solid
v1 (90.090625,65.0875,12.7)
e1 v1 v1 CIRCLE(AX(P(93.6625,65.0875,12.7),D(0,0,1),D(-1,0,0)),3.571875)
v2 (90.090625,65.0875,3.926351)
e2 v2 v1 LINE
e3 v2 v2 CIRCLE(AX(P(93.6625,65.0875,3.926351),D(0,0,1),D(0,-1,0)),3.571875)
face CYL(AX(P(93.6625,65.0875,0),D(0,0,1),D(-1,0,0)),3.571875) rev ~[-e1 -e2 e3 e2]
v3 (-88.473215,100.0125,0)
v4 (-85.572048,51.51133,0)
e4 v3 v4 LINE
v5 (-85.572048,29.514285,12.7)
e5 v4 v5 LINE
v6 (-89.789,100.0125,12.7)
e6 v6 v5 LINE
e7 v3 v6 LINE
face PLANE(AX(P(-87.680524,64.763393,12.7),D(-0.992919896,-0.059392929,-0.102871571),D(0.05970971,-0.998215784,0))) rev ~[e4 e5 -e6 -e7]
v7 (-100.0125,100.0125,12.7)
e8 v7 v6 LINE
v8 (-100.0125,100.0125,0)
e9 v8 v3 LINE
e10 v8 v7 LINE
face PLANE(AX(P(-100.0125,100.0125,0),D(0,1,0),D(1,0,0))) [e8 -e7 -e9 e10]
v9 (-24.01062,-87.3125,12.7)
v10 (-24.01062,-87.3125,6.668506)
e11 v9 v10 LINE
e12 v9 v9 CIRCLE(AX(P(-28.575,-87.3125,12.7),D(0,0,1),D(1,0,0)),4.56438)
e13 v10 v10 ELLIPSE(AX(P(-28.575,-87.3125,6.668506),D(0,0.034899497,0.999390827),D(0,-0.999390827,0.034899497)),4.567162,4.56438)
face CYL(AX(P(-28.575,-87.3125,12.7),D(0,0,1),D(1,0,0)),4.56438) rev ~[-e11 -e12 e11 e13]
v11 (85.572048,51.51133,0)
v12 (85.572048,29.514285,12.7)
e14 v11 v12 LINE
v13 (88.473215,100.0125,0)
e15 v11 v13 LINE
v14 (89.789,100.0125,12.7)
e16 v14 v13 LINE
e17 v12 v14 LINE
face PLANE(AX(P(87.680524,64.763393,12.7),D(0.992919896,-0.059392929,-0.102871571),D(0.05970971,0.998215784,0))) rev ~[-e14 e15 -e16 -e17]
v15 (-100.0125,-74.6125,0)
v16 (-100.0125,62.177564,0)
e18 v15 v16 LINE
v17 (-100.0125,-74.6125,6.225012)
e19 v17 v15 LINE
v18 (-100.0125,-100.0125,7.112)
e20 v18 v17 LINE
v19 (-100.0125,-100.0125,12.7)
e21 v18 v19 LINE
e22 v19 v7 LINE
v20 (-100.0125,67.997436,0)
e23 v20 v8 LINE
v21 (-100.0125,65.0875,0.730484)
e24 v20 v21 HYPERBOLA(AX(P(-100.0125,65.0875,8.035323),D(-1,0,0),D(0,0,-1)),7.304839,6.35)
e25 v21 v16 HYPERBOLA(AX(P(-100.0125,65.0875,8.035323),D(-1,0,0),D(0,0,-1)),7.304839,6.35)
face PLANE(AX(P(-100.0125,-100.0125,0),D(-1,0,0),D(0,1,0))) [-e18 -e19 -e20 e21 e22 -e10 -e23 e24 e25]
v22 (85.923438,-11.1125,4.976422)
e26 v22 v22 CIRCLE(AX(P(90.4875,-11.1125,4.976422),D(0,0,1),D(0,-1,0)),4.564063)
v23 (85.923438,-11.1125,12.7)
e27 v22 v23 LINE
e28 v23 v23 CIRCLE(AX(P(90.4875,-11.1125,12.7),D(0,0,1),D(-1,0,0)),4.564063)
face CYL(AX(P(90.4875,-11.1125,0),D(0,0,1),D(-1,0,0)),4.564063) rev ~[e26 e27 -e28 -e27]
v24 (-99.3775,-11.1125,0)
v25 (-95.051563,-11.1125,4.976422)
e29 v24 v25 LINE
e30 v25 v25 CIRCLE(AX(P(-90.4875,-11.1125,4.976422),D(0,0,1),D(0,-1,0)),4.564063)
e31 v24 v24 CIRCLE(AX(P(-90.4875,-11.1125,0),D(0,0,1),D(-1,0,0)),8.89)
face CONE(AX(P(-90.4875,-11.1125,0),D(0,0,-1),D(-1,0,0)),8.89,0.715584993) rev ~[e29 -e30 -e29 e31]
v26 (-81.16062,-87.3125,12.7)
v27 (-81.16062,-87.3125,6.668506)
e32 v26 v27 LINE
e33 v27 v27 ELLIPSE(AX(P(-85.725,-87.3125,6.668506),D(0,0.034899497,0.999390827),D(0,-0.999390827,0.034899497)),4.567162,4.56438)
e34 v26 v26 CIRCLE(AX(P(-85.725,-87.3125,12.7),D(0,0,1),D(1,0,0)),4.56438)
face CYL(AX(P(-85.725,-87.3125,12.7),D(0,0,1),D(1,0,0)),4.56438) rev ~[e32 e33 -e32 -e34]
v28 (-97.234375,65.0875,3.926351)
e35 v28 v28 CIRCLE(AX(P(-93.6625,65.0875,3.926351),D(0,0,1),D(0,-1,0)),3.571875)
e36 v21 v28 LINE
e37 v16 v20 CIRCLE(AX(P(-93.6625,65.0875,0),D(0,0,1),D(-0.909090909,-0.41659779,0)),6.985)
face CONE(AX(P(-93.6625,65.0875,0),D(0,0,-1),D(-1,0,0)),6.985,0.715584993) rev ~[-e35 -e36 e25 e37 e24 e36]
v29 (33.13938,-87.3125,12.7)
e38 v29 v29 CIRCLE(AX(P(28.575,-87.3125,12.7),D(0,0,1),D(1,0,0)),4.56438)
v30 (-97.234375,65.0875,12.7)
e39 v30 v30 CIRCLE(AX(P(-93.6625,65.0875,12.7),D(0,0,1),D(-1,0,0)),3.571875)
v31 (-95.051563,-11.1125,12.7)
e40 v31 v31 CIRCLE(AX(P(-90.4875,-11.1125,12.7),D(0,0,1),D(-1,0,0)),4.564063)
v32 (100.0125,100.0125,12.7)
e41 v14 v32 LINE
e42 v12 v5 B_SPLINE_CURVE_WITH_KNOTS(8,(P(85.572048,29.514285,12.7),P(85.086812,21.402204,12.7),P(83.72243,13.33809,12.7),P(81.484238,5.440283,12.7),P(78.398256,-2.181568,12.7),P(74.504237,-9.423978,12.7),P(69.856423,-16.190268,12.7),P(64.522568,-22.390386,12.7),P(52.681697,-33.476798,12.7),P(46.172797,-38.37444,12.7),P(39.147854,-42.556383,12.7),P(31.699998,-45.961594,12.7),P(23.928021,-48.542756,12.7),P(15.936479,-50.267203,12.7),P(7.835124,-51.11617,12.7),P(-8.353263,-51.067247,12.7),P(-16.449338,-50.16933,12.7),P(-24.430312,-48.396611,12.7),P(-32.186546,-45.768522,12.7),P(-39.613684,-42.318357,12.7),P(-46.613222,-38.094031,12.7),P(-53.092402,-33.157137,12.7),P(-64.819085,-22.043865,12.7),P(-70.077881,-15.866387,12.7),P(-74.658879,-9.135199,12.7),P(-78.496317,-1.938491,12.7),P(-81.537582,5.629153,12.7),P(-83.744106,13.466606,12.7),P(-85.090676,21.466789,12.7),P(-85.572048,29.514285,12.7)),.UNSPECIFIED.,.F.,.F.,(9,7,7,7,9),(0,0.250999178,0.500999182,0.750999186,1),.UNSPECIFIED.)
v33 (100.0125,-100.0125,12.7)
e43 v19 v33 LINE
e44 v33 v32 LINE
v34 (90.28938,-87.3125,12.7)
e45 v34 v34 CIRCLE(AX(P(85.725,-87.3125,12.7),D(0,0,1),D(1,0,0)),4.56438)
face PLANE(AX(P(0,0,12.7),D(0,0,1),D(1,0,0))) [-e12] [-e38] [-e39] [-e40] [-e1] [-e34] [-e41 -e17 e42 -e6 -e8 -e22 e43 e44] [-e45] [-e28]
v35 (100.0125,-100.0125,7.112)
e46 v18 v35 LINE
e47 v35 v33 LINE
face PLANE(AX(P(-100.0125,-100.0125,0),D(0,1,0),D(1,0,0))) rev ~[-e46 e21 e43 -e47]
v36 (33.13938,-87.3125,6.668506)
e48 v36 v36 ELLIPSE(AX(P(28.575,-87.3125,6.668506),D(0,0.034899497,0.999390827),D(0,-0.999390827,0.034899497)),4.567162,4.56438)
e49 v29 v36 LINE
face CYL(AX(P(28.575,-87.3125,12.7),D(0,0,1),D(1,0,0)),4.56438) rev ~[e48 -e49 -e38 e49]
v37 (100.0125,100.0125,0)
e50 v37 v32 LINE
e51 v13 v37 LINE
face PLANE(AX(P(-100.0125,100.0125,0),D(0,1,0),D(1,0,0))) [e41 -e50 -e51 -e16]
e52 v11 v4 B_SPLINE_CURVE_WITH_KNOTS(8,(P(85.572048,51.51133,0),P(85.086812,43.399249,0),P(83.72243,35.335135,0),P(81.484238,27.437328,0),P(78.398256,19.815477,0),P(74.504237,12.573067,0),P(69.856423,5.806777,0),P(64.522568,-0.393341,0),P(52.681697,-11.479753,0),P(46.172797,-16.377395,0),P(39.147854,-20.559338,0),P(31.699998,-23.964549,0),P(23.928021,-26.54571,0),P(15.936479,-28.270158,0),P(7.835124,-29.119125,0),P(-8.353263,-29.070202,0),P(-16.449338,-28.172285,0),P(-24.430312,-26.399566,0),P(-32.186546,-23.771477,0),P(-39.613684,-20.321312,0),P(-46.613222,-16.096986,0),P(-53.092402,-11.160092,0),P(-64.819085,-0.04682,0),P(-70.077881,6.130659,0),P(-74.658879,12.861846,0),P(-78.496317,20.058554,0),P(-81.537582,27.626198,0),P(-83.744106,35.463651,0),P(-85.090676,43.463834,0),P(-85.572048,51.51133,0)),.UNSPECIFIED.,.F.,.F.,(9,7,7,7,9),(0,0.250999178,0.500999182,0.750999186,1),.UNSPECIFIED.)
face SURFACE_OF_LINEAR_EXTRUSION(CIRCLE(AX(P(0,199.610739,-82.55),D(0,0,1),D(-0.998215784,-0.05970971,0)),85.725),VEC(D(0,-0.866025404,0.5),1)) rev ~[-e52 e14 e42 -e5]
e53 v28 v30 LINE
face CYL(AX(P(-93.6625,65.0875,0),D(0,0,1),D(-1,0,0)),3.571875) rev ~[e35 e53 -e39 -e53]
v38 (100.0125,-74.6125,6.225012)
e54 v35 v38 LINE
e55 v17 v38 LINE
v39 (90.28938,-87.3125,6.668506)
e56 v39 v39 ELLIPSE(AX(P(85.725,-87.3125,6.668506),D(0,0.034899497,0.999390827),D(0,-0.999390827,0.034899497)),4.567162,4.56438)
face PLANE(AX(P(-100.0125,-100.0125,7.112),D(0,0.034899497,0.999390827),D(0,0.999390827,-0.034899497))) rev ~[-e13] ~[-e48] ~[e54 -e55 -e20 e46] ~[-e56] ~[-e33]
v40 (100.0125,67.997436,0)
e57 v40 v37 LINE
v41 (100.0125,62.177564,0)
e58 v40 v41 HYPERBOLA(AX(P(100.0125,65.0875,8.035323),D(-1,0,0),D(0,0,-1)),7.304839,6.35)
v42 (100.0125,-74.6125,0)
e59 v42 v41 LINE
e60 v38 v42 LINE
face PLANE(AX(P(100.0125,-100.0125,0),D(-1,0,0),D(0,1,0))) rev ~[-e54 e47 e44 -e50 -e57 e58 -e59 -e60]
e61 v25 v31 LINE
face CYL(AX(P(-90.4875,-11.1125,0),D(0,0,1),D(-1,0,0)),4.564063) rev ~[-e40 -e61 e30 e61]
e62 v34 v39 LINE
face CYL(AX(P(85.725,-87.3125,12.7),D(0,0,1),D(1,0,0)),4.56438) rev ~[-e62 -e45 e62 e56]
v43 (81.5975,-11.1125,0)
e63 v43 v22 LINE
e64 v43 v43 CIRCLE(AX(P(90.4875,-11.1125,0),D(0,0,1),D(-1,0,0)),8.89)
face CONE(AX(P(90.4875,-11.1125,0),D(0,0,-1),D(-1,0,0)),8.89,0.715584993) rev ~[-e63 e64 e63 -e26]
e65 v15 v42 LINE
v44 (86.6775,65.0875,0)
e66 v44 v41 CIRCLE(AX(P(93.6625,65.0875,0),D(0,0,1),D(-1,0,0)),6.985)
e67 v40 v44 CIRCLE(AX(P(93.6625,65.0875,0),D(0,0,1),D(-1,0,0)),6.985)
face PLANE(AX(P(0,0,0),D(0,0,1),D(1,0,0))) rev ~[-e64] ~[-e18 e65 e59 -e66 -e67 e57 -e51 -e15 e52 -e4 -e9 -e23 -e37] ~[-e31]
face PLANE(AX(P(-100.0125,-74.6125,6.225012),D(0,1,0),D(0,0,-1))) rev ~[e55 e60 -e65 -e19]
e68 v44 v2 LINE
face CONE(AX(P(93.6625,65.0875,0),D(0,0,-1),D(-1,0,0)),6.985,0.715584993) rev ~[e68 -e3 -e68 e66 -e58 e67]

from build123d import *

# Parameters (mm, degrees)
F0_W           = 200.025
F0_H           = 200.025
F1_DEPTH       = 12.7
F4_DEPTH       = 230.886
F5_R           = 4.56438
F6_DEPTH       = 25.4
F8_D           = 9.128125
F8_CSINK_D     = 17.78
F8_CSINK_ANGLE = 82
F9_D           = 7.14375
F9_CSINK_D     = 13.97
F9_CSINK_ANGLE = 82


with BuildPart() as f1:
    # F0 (on Top) → F1 (new body)
    with BuildSketch(Plane.XY):
        Rectangle(F0_W, F0_H)
    extrude(amount=F1_DEPTH)

    # F3 (on face) → F4 (cut)
    with BuildSketch(Plane(origin=(-100.0125, 0, 0), x_dir=(0, -1, 0), z_dir=(-1, 0, 0))):
        Polygon((100.0125, 0), (100.0125, 7.112), (74.6125, 6.2250124549), (74.6125, 0), align=None)
    extrude(amount=-F4_DEPTH, mode=Mode.SUBTRACT)

    # F5 (on face) → F6 (cut)
    with BuildSketch(Plane.XY.offset(12.7)):
        with Locations((-85.725, -87.3125)):
            Circle(F5_R)
        with Locations((-28.575, -87.3125)):
            Circle(F5_R)
        with Locations((28.575, -87.3125)):
            Circle(F5_R)
        with Locations((85.725, -87.3125)):
            Circle(F5_R)
    extrude(amount=-F6_DEPTH, mode=Mode.SUBTRACT)

    # F8 (through all)
    with Locations(Plane(origin=(0, 0, 0), x_dir=(1, 0, 0), z_dir=(0, 0, -1))):
        with Locations((90.4875, 11.1125), (-90.4875, 11.1125)):
            CounterSinkHole(F8_D / 2, F8_CSINK_D / 2, counter_sink_angle=F8_CSINK_ANGLE)

    # F9 (through all)
    with Locations(Plane(origin=(0, 0, 0), x_dir=(1, 0, 0), z_dir=(0, 0, -1))):
        with Locations((93.6625, -65.0875), (-93.6625, -65.0875)):
            CounterSinkHole(F9_D / 2, F9_CSINK_D / 2, counter_sink_angle=F9_CSINK_ANGLE)

    # F12: sweep along a path in F11
    with BuildLine(Plane.YZ) as f12_path:
        Line((113.8857394209, -82.55), (-216.0699394209, 107.95))
    # F10 (on face) → F12 (sweep, cut)
    with BuildSketch(Plane.XY.offset(12.7)):
        with BuildLine():
            Line((85.5720480425, 29.5142850698), (89.789, 100.0125))
            Line((89.789, 100.0125), (-89.789, 100.0125))
            Line((-89.789, 100.0125), (-85.5720480425, 29.5142850698))
            ThreePointArc((-85.5720480425, 29.5142850698), (0, -51.0921), (85.5720480425, 29.5142850698))
        make_face()
    sweep(path=f12_path.line, mode=Mode.SUBTRACT)


solid = f1.part
